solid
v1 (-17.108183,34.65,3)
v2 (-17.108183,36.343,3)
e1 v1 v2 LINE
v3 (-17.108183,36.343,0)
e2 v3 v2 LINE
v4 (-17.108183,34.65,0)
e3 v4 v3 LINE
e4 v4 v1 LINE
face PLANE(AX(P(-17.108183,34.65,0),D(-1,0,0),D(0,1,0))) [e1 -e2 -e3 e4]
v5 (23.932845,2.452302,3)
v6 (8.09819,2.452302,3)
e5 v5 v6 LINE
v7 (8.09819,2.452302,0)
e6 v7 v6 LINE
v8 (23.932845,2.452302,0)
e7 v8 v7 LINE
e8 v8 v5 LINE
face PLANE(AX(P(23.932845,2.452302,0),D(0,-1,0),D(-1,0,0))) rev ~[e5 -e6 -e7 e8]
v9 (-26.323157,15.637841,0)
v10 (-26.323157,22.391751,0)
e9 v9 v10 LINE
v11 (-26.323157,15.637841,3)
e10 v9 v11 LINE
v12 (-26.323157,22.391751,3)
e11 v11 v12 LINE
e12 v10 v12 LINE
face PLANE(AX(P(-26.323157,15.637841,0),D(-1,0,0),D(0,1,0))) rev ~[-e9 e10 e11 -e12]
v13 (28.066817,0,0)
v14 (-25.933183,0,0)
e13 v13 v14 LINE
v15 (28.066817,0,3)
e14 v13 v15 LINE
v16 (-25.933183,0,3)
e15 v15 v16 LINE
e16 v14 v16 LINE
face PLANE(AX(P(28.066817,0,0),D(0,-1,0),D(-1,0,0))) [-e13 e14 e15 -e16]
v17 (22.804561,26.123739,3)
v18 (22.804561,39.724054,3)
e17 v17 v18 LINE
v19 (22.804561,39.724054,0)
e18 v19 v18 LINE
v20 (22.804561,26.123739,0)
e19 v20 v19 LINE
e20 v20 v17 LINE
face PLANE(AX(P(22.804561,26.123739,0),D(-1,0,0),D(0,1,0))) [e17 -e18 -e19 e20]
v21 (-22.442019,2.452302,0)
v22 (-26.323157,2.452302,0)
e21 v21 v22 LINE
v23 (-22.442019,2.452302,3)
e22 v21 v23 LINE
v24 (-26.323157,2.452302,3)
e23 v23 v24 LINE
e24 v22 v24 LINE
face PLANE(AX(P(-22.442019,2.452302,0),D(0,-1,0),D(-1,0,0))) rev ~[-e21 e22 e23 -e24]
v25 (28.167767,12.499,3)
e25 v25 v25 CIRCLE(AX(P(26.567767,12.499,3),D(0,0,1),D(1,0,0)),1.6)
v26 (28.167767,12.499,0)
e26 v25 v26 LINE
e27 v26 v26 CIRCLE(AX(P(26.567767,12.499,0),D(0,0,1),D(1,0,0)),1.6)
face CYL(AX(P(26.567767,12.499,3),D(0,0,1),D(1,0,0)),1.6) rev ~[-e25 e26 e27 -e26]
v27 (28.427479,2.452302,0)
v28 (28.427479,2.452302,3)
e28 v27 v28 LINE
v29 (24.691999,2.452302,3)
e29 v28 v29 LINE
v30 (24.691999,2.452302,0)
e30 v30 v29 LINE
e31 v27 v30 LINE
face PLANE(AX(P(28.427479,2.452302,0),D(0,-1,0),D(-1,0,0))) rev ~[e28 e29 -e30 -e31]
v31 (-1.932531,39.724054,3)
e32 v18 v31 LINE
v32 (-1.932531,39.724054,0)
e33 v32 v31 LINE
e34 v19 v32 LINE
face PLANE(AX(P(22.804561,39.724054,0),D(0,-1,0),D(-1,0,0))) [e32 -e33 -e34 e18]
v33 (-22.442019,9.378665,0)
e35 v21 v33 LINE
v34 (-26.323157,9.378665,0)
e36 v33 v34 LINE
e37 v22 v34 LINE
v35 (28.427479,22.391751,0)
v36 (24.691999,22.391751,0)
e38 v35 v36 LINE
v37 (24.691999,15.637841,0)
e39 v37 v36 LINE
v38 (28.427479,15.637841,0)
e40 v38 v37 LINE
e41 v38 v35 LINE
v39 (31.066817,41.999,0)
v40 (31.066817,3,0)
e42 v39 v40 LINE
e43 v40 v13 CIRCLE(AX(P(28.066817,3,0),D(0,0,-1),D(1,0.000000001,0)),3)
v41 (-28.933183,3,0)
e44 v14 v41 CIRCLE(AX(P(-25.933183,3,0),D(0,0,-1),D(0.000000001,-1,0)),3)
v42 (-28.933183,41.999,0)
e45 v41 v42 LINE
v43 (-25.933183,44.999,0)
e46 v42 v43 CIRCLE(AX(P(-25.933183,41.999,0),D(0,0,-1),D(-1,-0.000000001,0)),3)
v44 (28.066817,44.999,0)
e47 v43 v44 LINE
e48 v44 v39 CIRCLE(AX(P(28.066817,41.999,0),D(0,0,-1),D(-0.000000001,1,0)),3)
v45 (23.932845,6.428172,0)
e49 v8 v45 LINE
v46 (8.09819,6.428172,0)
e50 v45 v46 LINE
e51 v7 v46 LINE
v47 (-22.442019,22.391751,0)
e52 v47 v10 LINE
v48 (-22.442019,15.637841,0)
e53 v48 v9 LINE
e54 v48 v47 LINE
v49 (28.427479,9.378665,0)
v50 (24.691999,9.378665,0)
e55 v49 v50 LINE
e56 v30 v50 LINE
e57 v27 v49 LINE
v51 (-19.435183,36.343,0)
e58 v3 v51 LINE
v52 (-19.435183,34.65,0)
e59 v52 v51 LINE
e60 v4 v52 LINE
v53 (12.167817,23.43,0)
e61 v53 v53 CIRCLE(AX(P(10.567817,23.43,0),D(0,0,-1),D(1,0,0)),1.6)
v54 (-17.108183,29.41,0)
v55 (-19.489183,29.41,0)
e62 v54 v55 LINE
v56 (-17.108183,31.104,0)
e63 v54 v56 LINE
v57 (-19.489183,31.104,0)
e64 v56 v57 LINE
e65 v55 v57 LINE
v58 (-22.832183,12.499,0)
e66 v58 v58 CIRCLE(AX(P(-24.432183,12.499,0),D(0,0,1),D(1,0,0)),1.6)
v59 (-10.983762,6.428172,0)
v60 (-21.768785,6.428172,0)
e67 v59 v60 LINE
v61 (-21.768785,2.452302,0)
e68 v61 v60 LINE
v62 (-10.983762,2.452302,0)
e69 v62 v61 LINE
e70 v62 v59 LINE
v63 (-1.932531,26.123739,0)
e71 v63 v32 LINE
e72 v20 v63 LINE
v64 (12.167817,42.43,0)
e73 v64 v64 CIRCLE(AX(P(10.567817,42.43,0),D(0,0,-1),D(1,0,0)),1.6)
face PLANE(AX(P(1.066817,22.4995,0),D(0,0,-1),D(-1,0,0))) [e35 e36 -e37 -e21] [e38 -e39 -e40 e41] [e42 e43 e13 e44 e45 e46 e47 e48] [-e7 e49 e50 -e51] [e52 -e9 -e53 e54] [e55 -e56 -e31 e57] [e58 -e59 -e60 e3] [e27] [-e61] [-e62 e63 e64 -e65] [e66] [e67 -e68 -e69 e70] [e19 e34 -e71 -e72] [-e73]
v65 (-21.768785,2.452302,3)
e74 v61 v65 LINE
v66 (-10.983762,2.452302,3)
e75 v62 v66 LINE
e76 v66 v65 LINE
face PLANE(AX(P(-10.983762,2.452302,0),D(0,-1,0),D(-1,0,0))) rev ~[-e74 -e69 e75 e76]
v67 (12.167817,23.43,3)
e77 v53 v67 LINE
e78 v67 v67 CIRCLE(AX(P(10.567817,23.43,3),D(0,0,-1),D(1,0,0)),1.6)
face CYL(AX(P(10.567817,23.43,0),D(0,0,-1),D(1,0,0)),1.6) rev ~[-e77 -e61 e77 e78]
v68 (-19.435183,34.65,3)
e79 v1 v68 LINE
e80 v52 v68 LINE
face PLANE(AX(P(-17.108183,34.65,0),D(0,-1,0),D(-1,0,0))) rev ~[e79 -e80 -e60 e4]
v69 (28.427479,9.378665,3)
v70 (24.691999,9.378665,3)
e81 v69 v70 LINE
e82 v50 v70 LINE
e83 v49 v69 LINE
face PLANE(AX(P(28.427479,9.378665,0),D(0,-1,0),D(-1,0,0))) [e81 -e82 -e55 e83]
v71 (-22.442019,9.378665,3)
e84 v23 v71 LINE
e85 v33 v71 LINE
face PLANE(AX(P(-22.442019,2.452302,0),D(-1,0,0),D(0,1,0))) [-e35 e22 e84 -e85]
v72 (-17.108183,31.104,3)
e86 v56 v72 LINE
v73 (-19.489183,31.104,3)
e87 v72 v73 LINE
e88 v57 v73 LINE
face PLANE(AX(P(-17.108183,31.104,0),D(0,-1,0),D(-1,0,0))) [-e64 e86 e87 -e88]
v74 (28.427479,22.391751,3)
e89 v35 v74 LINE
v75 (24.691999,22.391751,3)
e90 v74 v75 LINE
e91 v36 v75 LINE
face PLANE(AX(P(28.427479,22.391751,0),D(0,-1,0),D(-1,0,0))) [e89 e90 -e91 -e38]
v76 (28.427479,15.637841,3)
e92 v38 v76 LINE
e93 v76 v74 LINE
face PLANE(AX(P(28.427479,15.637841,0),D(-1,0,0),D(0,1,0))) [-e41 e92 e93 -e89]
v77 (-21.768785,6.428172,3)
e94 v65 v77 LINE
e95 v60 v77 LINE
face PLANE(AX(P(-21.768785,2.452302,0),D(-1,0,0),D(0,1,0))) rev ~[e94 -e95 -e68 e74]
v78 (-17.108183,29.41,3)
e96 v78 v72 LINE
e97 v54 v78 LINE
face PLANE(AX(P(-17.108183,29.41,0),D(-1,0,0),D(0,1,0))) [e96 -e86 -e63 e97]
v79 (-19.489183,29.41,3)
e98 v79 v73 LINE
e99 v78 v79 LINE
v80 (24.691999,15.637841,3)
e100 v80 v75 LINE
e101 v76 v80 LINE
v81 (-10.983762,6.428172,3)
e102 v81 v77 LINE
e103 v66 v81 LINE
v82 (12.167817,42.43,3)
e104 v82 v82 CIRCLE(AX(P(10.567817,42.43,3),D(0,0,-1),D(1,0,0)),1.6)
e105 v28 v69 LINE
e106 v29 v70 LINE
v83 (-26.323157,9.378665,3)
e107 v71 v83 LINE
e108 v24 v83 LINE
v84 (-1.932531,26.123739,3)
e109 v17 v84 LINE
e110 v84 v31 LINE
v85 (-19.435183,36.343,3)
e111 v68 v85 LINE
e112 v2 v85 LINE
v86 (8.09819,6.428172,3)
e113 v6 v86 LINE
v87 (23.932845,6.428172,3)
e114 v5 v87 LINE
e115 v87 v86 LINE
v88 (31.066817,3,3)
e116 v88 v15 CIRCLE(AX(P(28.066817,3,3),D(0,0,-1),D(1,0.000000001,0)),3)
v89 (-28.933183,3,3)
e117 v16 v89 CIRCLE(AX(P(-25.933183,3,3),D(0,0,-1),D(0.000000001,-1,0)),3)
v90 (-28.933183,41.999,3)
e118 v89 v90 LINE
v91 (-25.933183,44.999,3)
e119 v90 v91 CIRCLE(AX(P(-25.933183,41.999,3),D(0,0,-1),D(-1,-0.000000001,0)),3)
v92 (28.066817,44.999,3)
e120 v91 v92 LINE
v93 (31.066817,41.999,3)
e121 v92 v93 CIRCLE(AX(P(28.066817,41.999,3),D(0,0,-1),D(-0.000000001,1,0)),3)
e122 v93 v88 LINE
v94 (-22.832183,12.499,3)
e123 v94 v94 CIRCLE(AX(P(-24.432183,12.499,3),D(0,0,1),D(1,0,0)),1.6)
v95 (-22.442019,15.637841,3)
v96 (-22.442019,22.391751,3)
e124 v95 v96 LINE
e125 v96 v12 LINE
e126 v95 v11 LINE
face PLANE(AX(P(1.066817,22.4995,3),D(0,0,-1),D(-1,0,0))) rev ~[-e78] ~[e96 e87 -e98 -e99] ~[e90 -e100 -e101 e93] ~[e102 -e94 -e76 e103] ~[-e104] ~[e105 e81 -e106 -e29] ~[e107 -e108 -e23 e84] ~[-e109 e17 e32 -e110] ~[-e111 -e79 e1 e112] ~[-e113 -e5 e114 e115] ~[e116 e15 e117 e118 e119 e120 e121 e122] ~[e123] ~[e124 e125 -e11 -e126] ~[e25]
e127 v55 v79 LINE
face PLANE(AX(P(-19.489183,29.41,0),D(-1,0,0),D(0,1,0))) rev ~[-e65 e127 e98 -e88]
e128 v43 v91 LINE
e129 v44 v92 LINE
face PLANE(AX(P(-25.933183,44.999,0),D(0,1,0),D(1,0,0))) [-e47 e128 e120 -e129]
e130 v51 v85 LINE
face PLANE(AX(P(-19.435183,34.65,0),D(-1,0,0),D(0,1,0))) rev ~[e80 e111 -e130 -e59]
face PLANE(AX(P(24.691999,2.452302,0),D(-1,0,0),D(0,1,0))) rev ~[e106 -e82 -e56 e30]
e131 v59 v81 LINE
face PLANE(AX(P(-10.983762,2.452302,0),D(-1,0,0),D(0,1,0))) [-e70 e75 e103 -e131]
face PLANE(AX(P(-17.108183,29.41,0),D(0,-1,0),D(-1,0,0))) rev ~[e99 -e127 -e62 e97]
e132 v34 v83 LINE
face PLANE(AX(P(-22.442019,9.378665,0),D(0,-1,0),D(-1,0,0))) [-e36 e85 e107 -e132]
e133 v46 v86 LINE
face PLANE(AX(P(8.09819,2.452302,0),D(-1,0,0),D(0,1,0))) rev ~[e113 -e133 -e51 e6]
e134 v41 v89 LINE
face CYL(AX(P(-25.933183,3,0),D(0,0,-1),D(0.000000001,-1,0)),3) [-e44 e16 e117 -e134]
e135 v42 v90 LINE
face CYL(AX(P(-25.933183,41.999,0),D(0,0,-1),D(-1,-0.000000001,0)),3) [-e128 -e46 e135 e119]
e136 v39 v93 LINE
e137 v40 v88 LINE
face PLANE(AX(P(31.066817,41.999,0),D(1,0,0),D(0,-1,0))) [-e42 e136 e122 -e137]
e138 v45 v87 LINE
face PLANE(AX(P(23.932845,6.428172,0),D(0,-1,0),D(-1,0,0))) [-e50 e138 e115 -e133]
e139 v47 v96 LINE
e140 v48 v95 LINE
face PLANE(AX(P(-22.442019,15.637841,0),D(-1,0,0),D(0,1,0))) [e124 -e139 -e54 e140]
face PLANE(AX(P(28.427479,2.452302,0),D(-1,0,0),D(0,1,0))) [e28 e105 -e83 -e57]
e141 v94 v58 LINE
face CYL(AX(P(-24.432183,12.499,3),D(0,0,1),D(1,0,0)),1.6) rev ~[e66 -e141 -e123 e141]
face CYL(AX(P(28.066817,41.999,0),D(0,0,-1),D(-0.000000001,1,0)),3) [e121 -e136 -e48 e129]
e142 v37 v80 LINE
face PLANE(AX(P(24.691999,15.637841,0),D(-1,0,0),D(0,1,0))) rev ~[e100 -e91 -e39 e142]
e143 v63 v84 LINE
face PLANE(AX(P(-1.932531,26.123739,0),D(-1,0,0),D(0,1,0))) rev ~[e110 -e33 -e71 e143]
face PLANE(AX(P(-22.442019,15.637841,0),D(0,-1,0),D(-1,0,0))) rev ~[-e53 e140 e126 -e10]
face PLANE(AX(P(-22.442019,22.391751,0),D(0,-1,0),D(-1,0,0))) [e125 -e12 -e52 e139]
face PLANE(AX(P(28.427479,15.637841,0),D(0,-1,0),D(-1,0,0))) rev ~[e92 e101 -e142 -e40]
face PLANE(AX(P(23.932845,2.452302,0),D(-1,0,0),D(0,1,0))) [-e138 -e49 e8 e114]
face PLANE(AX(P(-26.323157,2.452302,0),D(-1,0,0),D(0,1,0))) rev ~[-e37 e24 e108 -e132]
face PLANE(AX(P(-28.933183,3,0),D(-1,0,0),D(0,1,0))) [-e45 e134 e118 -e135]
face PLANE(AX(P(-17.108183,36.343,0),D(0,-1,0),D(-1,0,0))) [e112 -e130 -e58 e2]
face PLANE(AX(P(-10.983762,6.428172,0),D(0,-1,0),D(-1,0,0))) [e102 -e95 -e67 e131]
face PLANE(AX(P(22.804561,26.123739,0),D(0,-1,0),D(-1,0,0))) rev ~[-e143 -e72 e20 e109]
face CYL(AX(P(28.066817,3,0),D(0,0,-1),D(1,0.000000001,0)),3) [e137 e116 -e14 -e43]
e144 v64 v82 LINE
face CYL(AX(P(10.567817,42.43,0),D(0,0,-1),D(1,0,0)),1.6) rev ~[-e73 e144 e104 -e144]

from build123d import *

# Parameters (mm, degrees)
SKETCH_1_R          = 1.35
SKETCH_1_R_2        = 1.6
SKETCH_1_W          = 10.785023523
SKETCH_1_H          = 3.975869969
SKETCH_1_W_2        = 3.881137471
SKETCH_1_H_2        = 6.926362959
SKETCH_1_H_3        = 6.753909589
SKETCH_1_W_3        = 2.381
SKETCH_1_H_4        = 1.694
SKETCH_1_W_4        = 2.327
SKETCH_1_H_5        = 1.693
SKETCH_1_W_5        = 24.737091535
SKETCH_1_H_6        = 13.600314953
SKETCH_1_W_6        = 15.83465493
SKETCH_1_W_7        = 3.735479659
EXTRUDE_1_DEPTH     = 3
SKETCH_2_R          = 1.6
CUT_EXTRUDE_1_DEPTH = 55.763647529


with BuildPart() as part:
    # 草图1 → 凸台-拉伸1 (new body)
    with BuildSketch(Plane(origin=(0, 0, 0), x_dir=(-1, 0, 0), z_dir=(0, 0, -1))):
        with BuildLine():
            Line((28.933183464, 3), (28.933183464, 41.999))
            ThreePointArc((28.933183464, 41.999), (28.054503808, 44.120320344), (25.933183464, 44.999))
            Line((25.933183464, 44.999), (-28.066816536, 44.999))
            ThreePointArc((-28.066816536, 44.999), (-30.18813688, 44.120320344), (-31.066816536, 41.999))
            Line((-31.066816536, 41.999), (-31.066816536, 3))
            ThreePointArc((-31.066816536, 3), (-30.18813688, 0.878679656), (-28.066816536, 0))
            Line((-28.066816536, 0), (25.933183464, 0))
            ThreePointArc((25.933183464, 0), (28.054503808, 0.878679656), (28.933183464, 3))
        make_face()
        with Locations(Location((-26.567767322, 12.499, 0), (0, 0, 180))):
            Circle(SKETCH_1_R, mode=Mode.SUBTRACT)
        with Locations(Location((-10.567816536, 23.43, 0), (0, 0, 180))):
            Circle(SKETCH_1_R_2, mode=Mode.SUBTRACT)
        with Locations(Location((24.432183464, 12.499, 0), (0, 0, 180))):
            Circle(SKETCH_1_R, mode=Mode.SUBTRACT)
        with Locations(Location((-10.567816536, 42.43, 0), (0, 0, 180))):
            Circle(SKETCH_1_R_2, mode=Mode.SUBTRACT)
        with Locations((16.376273559, 4.440236649)):
            Rectangle(SKETCH_1_W, SKETCH_1_H, mode=Mode.SUBTRACT)
        with Locations((24.382587874, 5.915483144)):
            Rectangle(SKETCH_1_W_2, SKETCH_1_H_2, mode=Mode.SUBTRACT)
        with Locations((24.382587874, 19.014796064)):
            Rectangle(SKETCH_1_W_2, SKETCH_1_H_3, mode=Mode.SUBTRACT)
        with Locations((18.298683464, 30.257)):
            Rectangle(SKETCH_1_W_3, SKETCH_1_H_4, mode=Mode.SUBTRACT)
        with Locations((18.271683464, 35.4965)):
            Rectangle(SKETCH_1_W_4, SKETCH_1_H_5, mode=Mode.SUBTRACT)
        with Locations((-10.43601502, 32.923896791)):
            Rectangle(SKETCH_1_W_5, SKETCH_1_H_6, mode=Mode.SUBTRACT)
        with Locations((-16.015517123, 4.440236649)):
            Rectangle(SKETCH_1_W_6, SKETCH_1_H, mode=Mode.SUBTRACT)
        with Locations((-26.559738671, 5.915483144)):
            Rectangle(SKETCH_1_W_7, SKETCH_1_H_2, mode=Mode.SUBTRACT)
        with Locations((-26.559738671, 19.014796064)):
            Rectangle(SKETCH_1_W_7, SKETCH_1_H_3, mode=Mode.SUBTRACT)
    extrude(amount=-EXTRUDE_1_DEPTH)

    # 草图2 → 切除-拉伸1 (cut, through all)
    with BuildSketch(Plane.XY.offset(3)):
        with Locations((-24.432183464, 12.499)):
            Circle(SKETCH_2_R)
        with Locations((26.567767322, 12.499)):
            Circle(SKETCH_2_R)
    extrude(amount=-CUT_EXTRUDE_1_DEPTH, mode=Mode.SUBTRACT)


solid = part.part
